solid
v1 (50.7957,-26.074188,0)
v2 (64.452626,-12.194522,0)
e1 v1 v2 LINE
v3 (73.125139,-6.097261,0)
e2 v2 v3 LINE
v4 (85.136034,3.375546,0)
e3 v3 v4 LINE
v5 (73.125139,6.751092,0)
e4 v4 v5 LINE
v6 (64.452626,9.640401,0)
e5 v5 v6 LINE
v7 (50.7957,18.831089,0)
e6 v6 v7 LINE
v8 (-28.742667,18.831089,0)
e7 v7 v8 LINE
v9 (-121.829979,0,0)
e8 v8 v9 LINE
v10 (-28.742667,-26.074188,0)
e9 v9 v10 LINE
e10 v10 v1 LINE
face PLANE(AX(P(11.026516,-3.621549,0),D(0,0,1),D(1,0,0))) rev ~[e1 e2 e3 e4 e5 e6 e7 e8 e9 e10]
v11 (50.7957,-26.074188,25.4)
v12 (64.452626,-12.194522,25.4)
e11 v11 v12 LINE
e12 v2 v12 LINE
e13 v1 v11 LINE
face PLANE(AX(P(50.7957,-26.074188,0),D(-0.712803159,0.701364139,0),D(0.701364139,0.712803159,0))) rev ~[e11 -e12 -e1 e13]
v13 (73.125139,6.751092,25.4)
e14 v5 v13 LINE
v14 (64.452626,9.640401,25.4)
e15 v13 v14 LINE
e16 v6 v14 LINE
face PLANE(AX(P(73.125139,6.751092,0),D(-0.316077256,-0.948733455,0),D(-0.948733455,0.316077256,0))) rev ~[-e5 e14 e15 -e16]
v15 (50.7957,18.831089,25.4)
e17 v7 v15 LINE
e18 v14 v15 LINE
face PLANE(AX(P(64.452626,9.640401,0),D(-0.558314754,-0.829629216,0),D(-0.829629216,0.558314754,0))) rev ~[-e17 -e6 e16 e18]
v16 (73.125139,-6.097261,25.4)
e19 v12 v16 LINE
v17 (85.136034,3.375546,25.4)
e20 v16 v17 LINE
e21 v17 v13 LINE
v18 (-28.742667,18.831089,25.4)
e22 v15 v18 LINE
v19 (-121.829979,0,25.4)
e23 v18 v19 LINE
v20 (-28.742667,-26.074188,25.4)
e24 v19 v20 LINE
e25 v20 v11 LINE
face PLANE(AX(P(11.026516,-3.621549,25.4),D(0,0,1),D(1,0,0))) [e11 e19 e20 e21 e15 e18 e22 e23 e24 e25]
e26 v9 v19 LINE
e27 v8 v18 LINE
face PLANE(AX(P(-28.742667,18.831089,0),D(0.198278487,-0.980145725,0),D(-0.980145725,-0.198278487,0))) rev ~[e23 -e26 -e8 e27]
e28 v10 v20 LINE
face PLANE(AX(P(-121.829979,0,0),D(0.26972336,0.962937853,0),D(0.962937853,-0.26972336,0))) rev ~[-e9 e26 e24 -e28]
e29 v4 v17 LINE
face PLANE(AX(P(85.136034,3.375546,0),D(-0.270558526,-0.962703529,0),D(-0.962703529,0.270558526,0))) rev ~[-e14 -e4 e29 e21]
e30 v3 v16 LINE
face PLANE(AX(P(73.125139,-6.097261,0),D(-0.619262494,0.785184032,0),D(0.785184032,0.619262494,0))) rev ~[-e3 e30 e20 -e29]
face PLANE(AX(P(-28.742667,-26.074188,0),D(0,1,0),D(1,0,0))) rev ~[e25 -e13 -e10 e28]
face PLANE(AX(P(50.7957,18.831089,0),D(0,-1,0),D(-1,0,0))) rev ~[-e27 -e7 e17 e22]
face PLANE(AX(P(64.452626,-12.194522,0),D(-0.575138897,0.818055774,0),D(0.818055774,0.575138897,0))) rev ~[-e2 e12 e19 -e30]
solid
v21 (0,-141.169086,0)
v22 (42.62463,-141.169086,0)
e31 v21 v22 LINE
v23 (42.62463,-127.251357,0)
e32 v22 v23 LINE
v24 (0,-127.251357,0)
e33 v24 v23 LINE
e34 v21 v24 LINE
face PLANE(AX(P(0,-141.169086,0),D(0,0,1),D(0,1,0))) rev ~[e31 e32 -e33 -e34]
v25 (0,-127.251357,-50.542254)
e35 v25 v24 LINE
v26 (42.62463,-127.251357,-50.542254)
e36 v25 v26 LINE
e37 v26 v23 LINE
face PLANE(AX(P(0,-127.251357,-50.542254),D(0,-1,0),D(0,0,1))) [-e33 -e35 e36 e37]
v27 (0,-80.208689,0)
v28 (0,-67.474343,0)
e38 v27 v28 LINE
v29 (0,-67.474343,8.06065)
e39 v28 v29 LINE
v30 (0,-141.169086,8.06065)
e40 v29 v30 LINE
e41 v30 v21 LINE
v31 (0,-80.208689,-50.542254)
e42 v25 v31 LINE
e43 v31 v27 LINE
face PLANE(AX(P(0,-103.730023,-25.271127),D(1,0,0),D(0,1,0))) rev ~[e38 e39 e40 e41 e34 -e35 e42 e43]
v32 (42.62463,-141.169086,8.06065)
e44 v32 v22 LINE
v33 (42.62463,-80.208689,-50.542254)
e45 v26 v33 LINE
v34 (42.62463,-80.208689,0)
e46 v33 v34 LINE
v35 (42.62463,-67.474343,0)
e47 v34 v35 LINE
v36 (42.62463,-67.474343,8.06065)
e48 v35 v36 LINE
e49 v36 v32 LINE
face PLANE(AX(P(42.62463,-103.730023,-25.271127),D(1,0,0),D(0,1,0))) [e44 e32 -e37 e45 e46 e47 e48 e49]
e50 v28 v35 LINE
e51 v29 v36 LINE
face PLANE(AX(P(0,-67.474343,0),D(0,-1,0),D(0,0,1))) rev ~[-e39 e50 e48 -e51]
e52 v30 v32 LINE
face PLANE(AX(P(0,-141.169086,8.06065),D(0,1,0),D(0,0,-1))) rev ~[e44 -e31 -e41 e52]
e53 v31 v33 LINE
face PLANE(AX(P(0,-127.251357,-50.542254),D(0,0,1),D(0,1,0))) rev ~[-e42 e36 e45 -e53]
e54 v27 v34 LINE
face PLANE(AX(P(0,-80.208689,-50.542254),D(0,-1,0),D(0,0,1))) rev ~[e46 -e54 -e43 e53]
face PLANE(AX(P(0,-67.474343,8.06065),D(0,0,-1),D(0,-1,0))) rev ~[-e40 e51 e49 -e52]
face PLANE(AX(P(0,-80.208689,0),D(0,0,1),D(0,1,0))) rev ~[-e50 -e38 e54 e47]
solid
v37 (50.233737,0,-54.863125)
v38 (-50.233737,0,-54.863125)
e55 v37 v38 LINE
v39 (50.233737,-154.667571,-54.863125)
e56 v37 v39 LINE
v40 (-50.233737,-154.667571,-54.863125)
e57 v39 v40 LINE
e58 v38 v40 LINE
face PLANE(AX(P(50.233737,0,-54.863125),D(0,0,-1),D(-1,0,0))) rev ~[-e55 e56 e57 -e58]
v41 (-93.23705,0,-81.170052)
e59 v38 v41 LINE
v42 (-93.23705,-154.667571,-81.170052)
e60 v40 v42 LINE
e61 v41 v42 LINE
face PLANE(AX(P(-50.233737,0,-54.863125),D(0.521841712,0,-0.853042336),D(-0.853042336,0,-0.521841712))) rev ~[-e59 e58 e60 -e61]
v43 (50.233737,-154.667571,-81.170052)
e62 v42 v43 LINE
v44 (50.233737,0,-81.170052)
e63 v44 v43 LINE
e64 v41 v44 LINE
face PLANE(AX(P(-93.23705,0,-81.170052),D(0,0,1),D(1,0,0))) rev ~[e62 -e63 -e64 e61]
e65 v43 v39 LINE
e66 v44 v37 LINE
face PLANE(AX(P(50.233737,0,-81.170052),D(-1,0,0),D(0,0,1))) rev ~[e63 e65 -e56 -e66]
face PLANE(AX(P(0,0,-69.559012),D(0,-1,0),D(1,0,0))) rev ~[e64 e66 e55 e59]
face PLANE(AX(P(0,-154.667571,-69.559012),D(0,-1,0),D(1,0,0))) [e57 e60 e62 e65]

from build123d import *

# Parameters (mm, degrees)
F1_DEPTH = 25.4
F2_W     = 45.97038
F2_H     = 13.153464
F3_DEPTH = 154.667571
F4_W     = 47.042668
F4_H     = 50.542254
F5_DEPTH = 42.62463


with BuildPart() as f1:
    # F0 (on Top) → F1 (new body)
    with BuildSketch(Plane.XY):
        Polygon((50.7957, 18.831089), (-28.742667, 18.831089), (-28.742667, -26.074188), (50.7957, -26.074188), (50.7957, -12.194522), (50.7957, 9.640401), align=None)
        Polygon((-28.742667, -26.074188), (-28.742667, 18.831089), (-121.829979, 0), align=None)
        Polygon((64.452626, 9.640401), (50.7957, 9.640401), (50.7957, -12.194522), (64.452626, -12.194522), (64.452626, 0), align=None)
        Polygon((50.7957, -12.194522), (50.7957, -26.074188), (64.452626, -12.194522), align=None)
        Polygon((64.452626, 9.640401), (50.7957, 18.831089), (50.7957, 9.640401), align=None)
        Polygon((73.125139, 6.751092), (64.452626, 9.640401), (64.452626, 0), (64.452626, -12.194522), (68.788882, -6.097261), (73.125139, 0), align=None)
        Polygon((73.125139, -6.097261), (73.125139, 0), (68.788882, -6.097261), align=None)
        Polygon((68.788882, -6.097261), (64.452626, -12.194522), (73.125139, -6.097261), align=None)
        Polygon((85.136034, 3.375546), (73.125139, 0), (73.125139, -6.097261), align=None)
        Polygon((85.136034, 3.375546), (73.125139, 6.751092), (73.125139, 0), align=None)
    extrude(amount=F1_DEPTH)


with BuildPart() as f3:
    # F2 (on Front) → F3 (new body)
    with BuildSketch(Plane.XZ):
        Polygon((50.233737, -54.863125), (22.98519, -54.863125), (22.98519, -68.016589), (-22.98519, -68.016589), (-22.98519, -54.863125), (-50.233737, -54.863125), (-50.233737, -81.170052), (50.233737, -81.170052), (50.233737, -55.656421), align=None)
        Polygon((-50.233737, -81.170052), (-50.233737, -54.863125), (-93.23705, -81.170052), align=None)
        with Locations((0, -61.439857)):
            Rectangle(F2_W, F2_H)
    extrude(amount=F3_DEPTH)


with BuildPart() as f5:
    # F4 (on Right) → F5 (new body)
    with BuildSketch(Plane.YZ):
        with Locations((-103.730023, -25.271127)):
            Rectangle(F4_W, F4_H)
        Polygon((-127.251357, 0), (-80.208689, 0), (-67.474343, 0), (-67.474343, 8.06065), (-141.169086, 8.06065), (-141.169086, 0), align=None)
    extrude(amount=F5_DEPTH)


solid = Compound([f1.part, f3.part, f5.part])
